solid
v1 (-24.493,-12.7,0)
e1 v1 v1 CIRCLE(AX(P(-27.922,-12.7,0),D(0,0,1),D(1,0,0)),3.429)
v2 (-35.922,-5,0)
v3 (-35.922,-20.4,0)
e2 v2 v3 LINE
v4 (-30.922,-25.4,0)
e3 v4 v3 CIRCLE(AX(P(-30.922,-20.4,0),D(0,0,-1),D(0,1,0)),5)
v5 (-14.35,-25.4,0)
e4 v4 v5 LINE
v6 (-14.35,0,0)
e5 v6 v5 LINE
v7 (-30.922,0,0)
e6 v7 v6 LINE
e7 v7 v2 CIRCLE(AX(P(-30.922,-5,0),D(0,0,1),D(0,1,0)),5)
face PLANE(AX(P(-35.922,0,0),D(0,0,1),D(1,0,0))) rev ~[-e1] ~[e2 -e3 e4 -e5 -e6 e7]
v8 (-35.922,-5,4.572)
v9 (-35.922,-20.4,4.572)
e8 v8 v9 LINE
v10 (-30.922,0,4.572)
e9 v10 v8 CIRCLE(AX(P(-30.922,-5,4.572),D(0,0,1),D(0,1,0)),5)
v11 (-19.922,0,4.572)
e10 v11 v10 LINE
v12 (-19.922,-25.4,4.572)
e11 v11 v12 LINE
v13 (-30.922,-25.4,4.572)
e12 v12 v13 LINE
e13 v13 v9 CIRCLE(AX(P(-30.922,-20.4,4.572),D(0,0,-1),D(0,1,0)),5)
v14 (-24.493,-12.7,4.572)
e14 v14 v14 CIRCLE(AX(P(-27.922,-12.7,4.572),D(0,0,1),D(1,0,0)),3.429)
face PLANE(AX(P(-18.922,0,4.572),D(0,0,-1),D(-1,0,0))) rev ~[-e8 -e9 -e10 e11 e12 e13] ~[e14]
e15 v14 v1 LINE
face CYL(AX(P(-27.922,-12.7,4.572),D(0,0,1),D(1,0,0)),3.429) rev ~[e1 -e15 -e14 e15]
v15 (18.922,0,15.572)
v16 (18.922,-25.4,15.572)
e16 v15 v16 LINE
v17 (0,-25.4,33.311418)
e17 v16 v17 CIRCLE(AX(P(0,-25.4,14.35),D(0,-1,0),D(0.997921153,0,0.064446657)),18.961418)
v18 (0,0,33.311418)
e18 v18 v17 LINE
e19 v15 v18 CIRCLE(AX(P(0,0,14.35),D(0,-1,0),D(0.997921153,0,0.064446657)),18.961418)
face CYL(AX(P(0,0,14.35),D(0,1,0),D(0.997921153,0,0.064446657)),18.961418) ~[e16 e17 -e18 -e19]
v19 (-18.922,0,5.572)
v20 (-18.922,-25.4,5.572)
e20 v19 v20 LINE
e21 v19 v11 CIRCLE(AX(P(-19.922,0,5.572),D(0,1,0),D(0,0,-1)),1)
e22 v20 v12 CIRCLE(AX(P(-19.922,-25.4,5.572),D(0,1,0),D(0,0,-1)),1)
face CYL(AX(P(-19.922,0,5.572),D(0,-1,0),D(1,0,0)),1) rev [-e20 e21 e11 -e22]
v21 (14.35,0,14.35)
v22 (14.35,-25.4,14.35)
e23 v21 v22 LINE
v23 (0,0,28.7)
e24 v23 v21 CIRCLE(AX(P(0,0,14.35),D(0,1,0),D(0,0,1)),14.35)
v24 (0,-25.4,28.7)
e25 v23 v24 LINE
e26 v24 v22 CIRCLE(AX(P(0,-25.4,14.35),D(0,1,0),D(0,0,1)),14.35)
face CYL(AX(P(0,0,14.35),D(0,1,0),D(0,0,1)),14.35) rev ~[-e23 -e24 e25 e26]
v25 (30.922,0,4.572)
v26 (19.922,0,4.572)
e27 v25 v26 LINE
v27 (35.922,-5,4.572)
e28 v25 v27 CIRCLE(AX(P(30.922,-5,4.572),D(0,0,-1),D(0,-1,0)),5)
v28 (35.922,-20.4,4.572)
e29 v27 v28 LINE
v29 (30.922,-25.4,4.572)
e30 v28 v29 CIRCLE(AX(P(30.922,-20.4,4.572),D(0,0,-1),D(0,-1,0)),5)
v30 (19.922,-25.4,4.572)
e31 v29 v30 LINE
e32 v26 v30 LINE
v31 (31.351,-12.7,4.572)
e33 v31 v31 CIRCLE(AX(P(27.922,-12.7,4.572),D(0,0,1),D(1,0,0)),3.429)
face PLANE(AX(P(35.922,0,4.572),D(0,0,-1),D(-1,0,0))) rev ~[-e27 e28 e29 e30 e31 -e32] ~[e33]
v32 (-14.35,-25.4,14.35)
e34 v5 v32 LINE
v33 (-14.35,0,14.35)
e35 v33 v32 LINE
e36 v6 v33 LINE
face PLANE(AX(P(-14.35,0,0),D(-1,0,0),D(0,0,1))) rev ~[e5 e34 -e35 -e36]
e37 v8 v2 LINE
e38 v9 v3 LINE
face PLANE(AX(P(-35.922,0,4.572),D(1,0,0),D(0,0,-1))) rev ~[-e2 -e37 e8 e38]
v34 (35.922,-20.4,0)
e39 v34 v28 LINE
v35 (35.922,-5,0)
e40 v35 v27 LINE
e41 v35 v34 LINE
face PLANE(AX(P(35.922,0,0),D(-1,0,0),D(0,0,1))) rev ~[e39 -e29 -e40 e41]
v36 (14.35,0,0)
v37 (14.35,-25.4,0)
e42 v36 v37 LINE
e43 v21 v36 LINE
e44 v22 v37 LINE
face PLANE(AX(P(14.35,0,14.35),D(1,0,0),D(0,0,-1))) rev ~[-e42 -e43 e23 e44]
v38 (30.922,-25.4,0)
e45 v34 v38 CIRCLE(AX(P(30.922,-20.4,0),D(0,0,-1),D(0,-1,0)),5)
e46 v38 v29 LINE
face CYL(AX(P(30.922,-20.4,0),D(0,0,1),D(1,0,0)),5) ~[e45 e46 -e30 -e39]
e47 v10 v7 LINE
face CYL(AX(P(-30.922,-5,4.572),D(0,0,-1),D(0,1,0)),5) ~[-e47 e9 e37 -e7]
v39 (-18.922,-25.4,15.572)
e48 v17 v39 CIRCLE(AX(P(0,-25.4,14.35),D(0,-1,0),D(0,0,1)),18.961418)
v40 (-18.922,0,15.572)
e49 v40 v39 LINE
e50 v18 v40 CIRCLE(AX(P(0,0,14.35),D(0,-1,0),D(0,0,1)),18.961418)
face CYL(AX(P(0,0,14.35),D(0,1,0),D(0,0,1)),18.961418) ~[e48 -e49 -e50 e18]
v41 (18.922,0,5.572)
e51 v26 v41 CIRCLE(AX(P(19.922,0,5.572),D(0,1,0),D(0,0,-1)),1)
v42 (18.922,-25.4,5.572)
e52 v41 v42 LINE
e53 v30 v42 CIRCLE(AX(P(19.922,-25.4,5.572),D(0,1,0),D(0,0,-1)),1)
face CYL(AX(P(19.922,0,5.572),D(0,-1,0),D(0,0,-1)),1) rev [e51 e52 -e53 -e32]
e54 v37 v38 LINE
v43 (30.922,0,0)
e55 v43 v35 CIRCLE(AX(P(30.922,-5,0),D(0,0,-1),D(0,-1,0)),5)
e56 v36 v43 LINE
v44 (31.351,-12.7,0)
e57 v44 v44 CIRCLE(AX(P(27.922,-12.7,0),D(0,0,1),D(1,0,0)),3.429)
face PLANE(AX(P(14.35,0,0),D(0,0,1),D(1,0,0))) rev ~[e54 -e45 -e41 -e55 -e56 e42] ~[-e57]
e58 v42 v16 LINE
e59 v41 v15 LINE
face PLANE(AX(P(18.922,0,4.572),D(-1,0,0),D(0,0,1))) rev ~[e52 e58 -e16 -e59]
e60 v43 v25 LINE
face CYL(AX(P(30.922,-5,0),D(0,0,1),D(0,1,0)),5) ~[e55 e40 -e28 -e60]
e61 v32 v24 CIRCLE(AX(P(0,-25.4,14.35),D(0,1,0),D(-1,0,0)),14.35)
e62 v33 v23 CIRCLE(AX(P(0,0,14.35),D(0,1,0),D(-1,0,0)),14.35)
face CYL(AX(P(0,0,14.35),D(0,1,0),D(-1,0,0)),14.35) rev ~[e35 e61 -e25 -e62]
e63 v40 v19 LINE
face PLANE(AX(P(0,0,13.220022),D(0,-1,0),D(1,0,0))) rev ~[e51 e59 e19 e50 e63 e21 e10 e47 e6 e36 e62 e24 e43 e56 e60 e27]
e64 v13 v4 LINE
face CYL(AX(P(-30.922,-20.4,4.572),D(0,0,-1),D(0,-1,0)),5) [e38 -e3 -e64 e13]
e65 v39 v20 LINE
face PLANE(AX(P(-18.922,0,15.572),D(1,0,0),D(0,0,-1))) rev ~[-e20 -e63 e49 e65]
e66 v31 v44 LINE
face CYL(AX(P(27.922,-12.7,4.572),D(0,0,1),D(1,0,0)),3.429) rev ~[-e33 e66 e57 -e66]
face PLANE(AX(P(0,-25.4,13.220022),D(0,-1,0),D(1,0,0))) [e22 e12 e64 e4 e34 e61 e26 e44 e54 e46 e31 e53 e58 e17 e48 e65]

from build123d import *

# Parameters (mm, degrees)
F2_DEPTH = 25.4
F3_R     = 1
F4_R     = 5
F5_R     = 3.429
F6_DEPTH = 4.573


with BuildPart() as f2:
    # F1 (on Front) → F2 (new body)
    with BuildSketch(Plane.XZ):
        with BuildLine():
            ThreePointArc((0, 28.7), (10.14698231, 24.49698231), (14.35, 14.35))
            Line((14.35, 14.35), (14.35, 0))
            Line((14.35, 0), (35.922, 0))
            Line((35.922, 0), (35.922, 4.572))
            Line((35.922, 4.572), (18.922, 4.572))
            Line((18.922, 4.572), (18.922, 15.572))
            ThreePointArc((18.922, 15.572), (12.9685102335, 28.1830441452), (0, 33.3114178795))
            ThreePointArc((0, 33.3114178795), (-12.9685102335, 28.1830441452), (-18.922, 15.572))
            Line((-18.922, 15.572), (-18.922, 4.572))
            Line((-18.922, 4.572), (-35.922, 4.572))
            Line((-35.922, 4.572), (-35.922, 0))
            Line((-35.922, 0), (-14.35, 0))
            Line((-14.35, 0), (-14.35, 14.35))
            ThreePointArc((-14.35, 14.35), (-10.14698231, 24.49698231), (0, 28.7))
        make_face()
    extrude(amount=F2_DEPTH)

    # F3
    f3_edges = [f2.edges().sort_by_distance(p)[0] for p in [
        (-18.922, -12.7, 4.572),
        (18.922, -12.7, 4.572),
    ]]
    fillet(f3_edges, radius=F3_R)

    # F4
    f4_edges = [f2.edges().sort_by_distance(p)[0] for p in [
        (-35.922, -25.4, 2.286),
        (35.922, -25.4, 2.286),
        (35.922, 0, 2.286),
        (-35.922, 0, 2.286),
    ]]
    fillet(f4_edges, radius=F4_R)

    # F5 (on face) → F6 (cut, through all)
    with BuildSketch(Plane.XY.offset(4.572)):
        with Locations((-27.922, -12.7)):
            Circle(F5_R)
        with Locations((27.922, -12.7)):
            Circle(F5_R)
    extrude(amount=-F6_DEPTH, mode=Mode.SUBTRACT)


solid = f2.part
